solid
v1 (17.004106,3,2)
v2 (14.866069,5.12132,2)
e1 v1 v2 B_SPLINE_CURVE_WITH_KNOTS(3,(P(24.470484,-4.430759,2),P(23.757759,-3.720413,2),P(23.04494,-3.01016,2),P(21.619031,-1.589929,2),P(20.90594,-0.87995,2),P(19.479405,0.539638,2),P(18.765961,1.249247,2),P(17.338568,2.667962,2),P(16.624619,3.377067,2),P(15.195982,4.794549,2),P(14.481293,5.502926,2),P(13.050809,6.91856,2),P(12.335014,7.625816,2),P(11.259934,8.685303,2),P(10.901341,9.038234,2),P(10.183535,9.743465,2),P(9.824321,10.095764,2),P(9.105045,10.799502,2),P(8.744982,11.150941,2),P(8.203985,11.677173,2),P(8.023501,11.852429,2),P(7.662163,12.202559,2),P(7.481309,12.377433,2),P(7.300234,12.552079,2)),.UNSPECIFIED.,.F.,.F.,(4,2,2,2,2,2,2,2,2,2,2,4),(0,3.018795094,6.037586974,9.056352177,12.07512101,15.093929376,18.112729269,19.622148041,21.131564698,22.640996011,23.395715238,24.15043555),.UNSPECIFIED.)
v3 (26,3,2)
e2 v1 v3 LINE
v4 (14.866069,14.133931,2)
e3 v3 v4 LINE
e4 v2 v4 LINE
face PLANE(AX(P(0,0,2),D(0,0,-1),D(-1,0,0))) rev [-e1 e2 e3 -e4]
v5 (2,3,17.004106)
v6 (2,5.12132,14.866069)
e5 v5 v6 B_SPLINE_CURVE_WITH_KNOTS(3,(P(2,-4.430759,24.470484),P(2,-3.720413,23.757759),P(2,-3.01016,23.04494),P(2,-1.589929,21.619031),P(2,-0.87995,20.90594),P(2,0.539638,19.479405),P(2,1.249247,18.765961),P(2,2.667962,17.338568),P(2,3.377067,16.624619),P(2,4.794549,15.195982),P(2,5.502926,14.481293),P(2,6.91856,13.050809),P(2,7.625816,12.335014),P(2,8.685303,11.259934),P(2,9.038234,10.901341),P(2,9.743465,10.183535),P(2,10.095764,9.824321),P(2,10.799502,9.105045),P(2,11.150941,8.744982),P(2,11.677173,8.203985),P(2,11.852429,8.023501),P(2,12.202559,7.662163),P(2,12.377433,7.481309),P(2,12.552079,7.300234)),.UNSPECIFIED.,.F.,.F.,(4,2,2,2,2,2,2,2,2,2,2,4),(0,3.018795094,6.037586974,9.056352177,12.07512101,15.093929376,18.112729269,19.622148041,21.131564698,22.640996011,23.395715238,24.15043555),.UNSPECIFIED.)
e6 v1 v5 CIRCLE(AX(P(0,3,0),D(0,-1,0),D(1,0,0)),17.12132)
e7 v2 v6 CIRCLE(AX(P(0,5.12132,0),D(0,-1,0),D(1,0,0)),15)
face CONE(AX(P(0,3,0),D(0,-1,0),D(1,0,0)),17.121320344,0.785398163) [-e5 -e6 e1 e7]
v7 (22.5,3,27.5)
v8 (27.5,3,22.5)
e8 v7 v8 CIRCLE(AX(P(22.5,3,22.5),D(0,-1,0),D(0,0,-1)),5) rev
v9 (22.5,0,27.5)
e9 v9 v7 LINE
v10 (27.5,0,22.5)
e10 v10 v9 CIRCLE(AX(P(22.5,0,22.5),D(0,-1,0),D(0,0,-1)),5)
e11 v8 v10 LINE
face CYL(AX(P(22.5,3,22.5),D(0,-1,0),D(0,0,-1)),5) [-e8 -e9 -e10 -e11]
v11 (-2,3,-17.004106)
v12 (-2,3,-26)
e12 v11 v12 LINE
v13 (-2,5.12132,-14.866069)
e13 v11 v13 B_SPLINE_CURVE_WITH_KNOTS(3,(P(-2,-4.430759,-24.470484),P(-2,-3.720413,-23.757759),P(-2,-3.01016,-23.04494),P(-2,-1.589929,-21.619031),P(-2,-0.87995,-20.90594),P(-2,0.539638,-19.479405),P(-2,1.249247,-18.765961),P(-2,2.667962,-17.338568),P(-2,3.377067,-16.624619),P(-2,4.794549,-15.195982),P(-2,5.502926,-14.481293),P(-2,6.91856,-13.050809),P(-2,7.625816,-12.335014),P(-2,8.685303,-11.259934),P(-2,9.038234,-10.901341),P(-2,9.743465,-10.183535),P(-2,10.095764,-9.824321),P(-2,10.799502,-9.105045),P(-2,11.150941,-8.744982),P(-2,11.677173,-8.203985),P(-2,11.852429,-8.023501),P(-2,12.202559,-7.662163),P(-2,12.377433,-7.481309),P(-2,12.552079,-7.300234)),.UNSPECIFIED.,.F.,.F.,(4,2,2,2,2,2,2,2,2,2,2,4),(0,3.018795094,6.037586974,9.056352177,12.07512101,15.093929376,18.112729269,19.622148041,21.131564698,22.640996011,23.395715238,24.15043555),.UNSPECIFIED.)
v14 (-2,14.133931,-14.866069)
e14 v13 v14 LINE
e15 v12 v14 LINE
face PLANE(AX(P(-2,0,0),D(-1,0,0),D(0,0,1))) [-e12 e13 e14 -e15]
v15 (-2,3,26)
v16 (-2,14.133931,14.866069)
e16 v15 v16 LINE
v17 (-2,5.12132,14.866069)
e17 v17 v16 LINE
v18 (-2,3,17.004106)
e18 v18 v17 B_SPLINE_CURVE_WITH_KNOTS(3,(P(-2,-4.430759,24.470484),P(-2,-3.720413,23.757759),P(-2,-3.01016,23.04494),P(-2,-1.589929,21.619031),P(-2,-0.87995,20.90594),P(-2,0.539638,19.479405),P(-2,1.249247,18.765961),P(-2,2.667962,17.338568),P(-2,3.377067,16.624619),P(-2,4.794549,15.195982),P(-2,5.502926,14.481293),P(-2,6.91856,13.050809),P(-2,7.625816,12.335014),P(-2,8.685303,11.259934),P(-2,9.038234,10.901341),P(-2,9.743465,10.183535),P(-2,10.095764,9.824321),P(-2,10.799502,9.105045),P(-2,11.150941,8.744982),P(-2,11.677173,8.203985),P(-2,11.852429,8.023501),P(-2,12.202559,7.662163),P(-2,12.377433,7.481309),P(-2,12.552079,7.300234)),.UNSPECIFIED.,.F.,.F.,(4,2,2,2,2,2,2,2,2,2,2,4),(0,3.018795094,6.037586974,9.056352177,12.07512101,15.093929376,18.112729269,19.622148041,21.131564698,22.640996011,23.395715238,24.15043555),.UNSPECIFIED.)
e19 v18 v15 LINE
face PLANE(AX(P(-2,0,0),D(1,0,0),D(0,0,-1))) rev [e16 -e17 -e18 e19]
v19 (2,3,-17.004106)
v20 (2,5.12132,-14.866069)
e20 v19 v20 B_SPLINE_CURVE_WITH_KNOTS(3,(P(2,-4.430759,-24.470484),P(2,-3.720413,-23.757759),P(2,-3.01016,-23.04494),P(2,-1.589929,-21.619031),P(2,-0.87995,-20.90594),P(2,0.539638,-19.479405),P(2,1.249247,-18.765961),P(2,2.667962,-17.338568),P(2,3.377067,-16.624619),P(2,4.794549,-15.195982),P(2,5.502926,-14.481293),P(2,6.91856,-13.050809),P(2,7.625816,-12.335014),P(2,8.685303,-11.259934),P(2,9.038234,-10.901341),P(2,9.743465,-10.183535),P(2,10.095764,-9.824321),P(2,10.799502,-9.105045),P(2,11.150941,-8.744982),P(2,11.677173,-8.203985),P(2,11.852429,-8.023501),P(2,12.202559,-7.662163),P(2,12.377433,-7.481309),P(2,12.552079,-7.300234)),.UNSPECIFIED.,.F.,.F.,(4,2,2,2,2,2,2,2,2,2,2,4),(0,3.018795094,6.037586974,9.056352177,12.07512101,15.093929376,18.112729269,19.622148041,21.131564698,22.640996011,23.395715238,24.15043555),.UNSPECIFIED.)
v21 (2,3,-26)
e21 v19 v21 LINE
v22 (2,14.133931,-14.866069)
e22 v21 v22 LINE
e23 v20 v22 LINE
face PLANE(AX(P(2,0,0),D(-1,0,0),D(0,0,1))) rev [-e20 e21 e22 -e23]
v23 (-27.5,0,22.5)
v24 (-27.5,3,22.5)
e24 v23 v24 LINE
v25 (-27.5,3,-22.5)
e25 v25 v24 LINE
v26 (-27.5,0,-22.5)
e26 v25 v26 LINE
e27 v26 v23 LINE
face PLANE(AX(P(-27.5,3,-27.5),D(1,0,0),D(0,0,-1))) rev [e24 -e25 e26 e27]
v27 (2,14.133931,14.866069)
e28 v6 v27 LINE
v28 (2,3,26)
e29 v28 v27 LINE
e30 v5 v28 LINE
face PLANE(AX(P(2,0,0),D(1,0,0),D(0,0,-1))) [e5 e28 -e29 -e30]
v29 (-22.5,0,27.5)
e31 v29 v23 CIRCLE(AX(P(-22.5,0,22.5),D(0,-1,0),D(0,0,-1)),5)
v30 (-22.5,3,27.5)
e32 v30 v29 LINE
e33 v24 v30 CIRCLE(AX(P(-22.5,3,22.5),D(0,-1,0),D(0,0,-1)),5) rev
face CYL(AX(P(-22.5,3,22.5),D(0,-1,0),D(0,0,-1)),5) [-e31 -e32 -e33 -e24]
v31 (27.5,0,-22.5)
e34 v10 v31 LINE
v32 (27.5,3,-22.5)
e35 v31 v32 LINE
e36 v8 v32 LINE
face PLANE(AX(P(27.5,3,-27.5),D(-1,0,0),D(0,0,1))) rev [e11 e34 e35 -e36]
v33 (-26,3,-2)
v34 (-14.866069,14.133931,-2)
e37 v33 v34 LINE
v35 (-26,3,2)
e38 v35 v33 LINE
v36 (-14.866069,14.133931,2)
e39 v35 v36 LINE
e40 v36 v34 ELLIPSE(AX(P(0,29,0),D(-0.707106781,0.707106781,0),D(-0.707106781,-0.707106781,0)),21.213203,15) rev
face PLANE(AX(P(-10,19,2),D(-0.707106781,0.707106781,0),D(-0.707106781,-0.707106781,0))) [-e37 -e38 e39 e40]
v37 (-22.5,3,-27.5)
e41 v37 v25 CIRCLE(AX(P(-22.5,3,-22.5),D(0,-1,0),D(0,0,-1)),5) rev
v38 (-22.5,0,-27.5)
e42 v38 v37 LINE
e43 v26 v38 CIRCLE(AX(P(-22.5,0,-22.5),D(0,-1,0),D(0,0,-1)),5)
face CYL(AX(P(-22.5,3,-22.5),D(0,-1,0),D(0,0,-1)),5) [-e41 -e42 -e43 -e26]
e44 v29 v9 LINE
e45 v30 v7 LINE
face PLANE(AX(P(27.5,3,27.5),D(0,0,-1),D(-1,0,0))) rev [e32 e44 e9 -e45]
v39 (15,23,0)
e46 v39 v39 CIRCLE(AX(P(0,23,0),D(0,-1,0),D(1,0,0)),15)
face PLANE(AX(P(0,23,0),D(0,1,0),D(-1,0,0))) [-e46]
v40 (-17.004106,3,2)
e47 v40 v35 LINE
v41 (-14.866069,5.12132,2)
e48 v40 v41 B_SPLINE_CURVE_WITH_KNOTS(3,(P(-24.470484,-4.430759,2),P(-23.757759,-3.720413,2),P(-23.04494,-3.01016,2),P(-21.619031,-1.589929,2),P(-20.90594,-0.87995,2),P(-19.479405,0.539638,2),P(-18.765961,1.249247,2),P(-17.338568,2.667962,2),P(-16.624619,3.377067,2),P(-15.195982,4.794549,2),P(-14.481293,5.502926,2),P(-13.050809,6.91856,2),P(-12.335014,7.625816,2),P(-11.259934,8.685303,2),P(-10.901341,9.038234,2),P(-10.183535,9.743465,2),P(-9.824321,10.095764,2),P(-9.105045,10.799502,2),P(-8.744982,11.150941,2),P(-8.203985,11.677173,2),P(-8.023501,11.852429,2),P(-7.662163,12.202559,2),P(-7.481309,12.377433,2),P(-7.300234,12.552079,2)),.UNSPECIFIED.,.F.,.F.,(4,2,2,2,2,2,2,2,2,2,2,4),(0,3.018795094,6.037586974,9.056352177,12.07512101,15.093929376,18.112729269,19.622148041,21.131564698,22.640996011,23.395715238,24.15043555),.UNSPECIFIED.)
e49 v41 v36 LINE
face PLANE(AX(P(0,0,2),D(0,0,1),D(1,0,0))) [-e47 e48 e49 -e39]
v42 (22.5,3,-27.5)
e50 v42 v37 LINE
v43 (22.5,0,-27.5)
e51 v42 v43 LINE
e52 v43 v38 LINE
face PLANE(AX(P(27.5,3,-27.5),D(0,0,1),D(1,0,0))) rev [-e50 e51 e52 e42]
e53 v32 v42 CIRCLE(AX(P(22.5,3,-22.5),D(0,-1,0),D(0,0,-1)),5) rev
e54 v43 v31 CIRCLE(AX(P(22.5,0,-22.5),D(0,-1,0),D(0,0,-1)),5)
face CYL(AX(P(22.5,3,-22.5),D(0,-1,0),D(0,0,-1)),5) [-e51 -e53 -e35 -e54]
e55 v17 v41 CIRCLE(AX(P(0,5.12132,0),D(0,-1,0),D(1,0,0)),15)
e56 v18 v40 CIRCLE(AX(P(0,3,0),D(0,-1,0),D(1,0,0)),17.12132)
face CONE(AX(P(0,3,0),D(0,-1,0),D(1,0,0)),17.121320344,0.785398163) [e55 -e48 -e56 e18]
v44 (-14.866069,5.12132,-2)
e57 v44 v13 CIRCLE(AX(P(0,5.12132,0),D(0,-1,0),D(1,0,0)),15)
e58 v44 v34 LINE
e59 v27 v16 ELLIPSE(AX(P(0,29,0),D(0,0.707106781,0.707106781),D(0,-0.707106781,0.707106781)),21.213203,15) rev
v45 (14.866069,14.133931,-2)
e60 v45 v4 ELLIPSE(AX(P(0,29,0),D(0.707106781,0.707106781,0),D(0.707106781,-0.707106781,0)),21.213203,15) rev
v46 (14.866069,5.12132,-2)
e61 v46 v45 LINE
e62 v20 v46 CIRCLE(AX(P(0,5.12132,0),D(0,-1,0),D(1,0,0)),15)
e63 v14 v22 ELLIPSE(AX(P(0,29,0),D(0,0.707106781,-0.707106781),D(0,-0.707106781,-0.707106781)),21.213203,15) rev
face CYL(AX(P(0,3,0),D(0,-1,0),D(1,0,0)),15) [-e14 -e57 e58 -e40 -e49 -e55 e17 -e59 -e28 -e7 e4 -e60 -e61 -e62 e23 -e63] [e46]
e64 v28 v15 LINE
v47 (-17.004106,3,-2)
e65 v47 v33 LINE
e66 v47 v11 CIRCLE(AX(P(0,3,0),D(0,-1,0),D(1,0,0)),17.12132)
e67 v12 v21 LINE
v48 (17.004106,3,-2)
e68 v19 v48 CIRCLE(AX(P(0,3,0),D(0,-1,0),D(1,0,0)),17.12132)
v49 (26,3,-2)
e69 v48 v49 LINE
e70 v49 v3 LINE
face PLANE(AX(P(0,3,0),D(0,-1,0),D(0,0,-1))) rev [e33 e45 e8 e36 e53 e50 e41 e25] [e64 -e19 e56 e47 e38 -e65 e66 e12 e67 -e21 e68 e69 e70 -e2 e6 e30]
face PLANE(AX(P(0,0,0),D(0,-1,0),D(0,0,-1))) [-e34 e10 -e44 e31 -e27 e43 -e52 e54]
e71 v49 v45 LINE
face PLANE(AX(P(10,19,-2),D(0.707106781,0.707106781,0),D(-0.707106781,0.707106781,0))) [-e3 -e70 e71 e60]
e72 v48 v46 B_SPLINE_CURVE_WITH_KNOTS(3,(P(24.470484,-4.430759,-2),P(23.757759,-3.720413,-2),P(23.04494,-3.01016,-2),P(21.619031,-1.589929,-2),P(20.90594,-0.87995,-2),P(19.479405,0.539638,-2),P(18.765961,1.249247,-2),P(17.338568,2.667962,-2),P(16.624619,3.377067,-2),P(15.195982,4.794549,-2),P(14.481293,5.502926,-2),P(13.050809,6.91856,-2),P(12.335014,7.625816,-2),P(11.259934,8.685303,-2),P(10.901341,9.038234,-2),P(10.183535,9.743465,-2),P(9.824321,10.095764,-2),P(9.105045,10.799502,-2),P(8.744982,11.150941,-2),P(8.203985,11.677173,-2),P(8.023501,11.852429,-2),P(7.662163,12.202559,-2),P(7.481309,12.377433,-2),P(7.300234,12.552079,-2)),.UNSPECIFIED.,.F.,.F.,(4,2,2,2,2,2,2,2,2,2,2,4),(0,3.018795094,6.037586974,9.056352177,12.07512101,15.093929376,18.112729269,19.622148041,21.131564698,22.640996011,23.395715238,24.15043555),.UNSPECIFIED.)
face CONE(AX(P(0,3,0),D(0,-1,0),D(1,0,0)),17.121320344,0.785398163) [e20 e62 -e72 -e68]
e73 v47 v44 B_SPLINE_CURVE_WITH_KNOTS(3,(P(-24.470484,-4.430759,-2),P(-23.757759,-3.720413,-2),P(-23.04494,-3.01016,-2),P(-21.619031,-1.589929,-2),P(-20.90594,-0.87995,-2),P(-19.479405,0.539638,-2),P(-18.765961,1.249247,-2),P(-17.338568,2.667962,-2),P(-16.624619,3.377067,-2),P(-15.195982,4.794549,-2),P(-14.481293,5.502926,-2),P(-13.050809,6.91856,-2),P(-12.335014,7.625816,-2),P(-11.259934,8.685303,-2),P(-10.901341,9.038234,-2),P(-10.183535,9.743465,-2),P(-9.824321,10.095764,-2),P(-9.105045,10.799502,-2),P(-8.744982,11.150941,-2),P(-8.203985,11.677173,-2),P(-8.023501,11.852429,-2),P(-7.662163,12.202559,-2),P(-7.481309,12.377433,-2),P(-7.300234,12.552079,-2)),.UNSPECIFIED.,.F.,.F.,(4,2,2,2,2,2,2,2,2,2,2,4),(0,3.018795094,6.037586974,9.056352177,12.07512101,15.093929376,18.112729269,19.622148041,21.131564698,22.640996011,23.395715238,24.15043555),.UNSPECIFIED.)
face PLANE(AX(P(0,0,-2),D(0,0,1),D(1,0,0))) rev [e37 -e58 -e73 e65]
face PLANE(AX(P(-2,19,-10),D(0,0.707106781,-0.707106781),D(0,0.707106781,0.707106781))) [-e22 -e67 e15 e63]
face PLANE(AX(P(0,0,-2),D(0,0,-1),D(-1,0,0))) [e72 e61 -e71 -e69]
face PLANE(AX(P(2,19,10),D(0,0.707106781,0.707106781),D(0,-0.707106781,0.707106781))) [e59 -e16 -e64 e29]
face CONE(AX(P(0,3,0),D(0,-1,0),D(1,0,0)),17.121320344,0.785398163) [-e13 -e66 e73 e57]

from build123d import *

# Parameters (mm, degrees)
SKETCH1_W           = 55
SKETCH1_H           = 55
BOSS_EXTRUDE1_DEPTH = 3
BOSS_EXTRUDE2_DEPTH = 2
CIRPATTERN1_COUNT   = 4
FILLET1_R           = 5


with BuildPart() as part:
    # Sketch1 → Boss-Extrude1 (new body)
    with BuildSketch(Plane(origin=(0, 0, 0), x_dir=(1, 0, 0), z_dir=(0, 1, 0))):
        Rectangle(SKETCH1_W, SKETCH1_H)
    extrude(amount=BOSS_EXTRUDE1_DEPTH)

    # Sketch2 → Revolve1 (revolve)
    with BuildSketch(Plane.XY):
        Polygon((0, 3), (0, 23), (15, 23), (15, 5.121320344), (17.121320344, 3), align=None)
    revolve(axis=Axis((0, 3, 0), (0, 1, 0)))

    # Sketch3 → Boss-Extrude2 (add, symmetric)
    with BuildSketch(Plane(origin=(0, 0, 0), x_dir=(0, 0, -1), z_dir=(1, 0, 0))):
        Polygon((10, 3), (10, 19), (26, 3), align=None)
    boss_extrude2 = extrude(amount=BOSS_EXTRUDE2_DEPTH, both=True)

    # CirPattern1: Boss-Extrude2 ×4 about axis
    cirpattern1_axis = Axis((0, 0, 0), (0, 1, 0))
    for i in range(1, CIRPATTERN1_COUNT):
        add(boss_extrude2.rotate(cirpattern1_axis, i * 360 / CIRPATTERN1_COUNT))

    # Fillet1
    fillet1_edges = [part.edges().sort_by_distance(p)[0] for p in [
        (-27.5, 1.5, -27.5),
        (27.5, 1.5, -27.5),
        (27.5, 1.5, 27.5),
        (-27.5, 1.5, 27.5),
    ]]
    fillet(fillet1_edges, radius=FILLET1_R)


solid = part.part
